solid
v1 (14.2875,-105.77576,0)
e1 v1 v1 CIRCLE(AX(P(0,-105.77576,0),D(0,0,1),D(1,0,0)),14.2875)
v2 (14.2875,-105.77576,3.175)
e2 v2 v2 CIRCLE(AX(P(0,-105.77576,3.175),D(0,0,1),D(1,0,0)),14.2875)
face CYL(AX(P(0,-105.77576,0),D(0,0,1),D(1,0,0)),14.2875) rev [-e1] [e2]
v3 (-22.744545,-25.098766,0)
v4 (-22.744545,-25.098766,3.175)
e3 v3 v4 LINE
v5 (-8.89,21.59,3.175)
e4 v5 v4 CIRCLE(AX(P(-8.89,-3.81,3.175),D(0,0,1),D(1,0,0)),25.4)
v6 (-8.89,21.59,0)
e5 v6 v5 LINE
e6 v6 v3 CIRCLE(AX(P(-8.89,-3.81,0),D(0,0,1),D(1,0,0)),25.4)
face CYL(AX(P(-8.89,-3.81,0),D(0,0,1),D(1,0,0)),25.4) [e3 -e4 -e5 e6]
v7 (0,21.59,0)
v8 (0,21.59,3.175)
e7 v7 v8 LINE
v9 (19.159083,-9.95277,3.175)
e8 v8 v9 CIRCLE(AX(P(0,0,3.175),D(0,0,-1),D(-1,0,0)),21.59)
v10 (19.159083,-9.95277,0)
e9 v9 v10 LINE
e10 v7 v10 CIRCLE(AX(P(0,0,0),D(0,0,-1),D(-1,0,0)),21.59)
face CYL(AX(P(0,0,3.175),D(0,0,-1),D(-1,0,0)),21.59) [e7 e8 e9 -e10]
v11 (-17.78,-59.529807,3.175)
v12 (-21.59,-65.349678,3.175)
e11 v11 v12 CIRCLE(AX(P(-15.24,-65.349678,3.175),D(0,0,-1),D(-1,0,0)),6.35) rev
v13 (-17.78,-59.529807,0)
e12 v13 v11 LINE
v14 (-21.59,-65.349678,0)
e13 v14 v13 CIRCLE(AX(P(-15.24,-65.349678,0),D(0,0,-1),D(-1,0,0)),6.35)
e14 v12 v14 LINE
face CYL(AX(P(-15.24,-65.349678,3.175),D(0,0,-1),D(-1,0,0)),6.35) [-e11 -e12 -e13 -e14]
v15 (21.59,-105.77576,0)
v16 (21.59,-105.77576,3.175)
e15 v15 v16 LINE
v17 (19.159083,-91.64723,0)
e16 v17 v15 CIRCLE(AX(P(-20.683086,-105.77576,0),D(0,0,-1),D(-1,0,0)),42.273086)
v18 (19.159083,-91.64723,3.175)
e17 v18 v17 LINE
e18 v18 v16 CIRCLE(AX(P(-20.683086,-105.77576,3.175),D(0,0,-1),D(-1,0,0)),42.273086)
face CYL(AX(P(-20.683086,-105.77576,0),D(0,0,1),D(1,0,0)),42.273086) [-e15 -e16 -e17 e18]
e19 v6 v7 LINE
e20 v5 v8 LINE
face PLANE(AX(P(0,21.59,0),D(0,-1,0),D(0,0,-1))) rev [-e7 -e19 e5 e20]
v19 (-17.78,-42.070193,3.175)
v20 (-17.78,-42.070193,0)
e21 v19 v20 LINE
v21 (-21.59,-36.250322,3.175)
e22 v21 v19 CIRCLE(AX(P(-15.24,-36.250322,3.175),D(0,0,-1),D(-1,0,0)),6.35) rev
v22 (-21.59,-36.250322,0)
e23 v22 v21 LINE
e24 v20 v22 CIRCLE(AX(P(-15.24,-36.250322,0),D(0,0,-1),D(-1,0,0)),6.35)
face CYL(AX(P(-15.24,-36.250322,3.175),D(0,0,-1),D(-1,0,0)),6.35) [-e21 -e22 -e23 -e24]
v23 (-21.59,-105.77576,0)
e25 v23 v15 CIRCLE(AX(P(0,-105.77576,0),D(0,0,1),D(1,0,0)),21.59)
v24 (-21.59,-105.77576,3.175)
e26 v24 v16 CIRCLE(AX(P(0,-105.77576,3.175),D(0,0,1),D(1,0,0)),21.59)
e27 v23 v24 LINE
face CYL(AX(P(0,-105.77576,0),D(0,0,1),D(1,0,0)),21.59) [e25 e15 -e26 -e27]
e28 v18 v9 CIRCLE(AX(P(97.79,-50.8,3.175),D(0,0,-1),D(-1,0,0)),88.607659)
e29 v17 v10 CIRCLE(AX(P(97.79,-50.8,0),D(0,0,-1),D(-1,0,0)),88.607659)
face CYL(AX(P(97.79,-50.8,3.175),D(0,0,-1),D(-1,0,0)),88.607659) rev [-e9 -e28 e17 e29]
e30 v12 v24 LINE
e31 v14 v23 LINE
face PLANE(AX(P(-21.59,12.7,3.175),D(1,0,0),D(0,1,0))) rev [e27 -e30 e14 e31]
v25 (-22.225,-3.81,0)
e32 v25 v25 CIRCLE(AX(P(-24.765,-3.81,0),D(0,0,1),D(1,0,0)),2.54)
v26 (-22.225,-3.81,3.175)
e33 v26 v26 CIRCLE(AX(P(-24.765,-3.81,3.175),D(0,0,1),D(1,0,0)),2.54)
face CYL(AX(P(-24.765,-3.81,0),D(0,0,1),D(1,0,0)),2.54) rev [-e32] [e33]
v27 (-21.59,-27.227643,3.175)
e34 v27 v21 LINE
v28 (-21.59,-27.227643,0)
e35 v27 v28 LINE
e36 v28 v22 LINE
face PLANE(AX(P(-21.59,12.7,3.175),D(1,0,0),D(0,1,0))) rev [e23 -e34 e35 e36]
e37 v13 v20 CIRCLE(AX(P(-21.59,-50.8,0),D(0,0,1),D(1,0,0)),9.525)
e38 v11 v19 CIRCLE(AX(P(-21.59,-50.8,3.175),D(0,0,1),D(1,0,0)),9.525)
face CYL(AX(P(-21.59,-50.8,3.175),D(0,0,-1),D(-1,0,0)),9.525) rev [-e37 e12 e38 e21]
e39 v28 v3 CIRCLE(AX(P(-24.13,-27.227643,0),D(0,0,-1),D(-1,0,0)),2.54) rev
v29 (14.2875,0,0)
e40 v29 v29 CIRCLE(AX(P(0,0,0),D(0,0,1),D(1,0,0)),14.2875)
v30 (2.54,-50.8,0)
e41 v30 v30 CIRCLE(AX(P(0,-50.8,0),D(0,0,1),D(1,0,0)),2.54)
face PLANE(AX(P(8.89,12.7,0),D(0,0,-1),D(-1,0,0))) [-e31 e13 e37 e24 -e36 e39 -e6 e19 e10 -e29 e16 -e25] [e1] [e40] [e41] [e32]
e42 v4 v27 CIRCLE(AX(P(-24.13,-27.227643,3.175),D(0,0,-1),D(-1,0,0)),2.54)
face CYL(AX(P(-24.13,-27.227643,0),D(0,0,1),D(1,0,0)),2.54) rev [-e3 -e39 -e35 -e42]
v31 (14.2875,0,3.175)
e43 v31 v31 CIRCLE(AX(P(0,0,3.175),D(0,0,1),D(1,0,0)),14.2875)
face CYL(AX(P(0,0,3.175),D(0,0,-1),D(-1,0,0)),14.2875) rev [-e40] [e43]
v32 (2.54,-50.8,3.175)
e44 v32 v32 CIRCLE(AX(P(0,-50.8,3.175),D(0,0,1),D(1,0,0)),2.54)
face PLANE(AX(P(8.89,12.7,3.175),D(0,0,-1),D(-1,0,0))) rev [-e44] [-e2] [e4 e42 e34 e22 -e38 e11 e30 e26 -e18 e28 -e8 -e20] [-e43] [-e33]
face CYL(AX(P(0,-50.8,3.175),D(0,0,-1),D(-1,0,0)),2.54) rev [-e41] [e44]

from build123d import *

# Parameters (mm, degrees)
SKETCH1_R            = 14.2875
SKETCH1_R_2          = 2.54
BOSS_EXTRUDE1_DEPTH  = 3.175
CUT_EXTRUDE1_DEPTH   = 162.674043733
FILLET3_R            = 6.35
BOSS_EXTRUDE3_START  = -3.175
SKETCH3_R            = 2.54
BOSS_EXTRUDE3_DEPTH  = 3.175
SKETCH6_R            = 2.54
BOSS_EXTRUDE4_DEPTH  = 3.175
FILLET2_R            = 6.35
CUT_EXTRUDE2_DEPTH   = 168.423732074
CUT_EXTRUDE3_DEPTH   = 168.423732074
CUT_EXTRUDE4_DEPTH   = 168.265702461
BOSS_EXTRUDE8_START  = -3.175
SKETCH15_R           = 2.54
BOSS_EXTRUDE8_DEPTH  = 3.175
FILLET4_R            = 2.54
BOSS_EXTRUDE9_DEPTH  = 3.175
SKETCH17_R           = 14.2875
BOSS_EXTRUDE10_DEPTH = 3.175
CUT_EXTRUDE5_DEPTH   = 132.939082706
SKETCH20_R           = 14.2875
CUT_EXTRUDE6_DEPTH   = 132.939082706


with BuildPart() as part:
    # Sketch1 → Boss-Extrude1 (new body)
    with BuildSketch(Plane.XY):
        with BuildLine():
            Line((-8.89, 25.4), (8.89, 25.4))
            ThreePointArc((8.89, 25.4), (17.870256121, 21.680256121), (21.59, 12.7))
            Line((21.59, 12.7), (21.59, -117.775079775))
            ThreePointArc((21.59, -117.775079775), (21.127743647, -120.388718212), (19.797058824, -122.685251408))
            Line((19.797058824, -122.685251408), (-7.952696208, -155.616779465))
            ThreePointArc((-7.952696208, -155.616779465), (-12.268297602, -157.851943494), (-16.900388255, -156.380852124))
            Line((-16.900388255, -156.380852124), (-32.439211784, -143.287061102))
            ThreePointArc((-32.439211784, -143.287061102), (-34.674375812, -138.971459708), (-33.203284443, -134.339369055))
            Line((-33.203284443, -134.339369055), (-23.382941176, -122.685251408))
            ThreePointArc((-23.382941176, -122.685251408), (-22.052256353, -120.388718212), (-21.59, -117.775079775))
            Line((-21.59, -117.775079775), (-21.59, 12.7))
            ThreePointArc((-21.59, 12.7), (-17.870256121, 21.680256121), (-8.89, 25.4))
        make_face()
        Circle(SKETCH1_R, mode=Mode.SUBTRACT)
        with Locations((0, -101.6)):
            Circle(SKETCH1_R, mode=Mode.SUBTRACT)
        with Locations((-18.532085478, -142.550133084)):
            Circle(SKETCH1_R_2, mode=Mode.SUBTRACT)
        with Locations((0, -50.8)):
            Circle(SKETCH1_R_2, mode=Mode.SUBTRACT)
    extrude(amount=BOSS_EXTRUDE1_DEPTH)

    # Sketch2 → Cut-Extrude1 (cut, through all)
    with BuildSketch(Plane.XY):
        with BuildLine():
            ThreePointArc((19.159083004, -91.647229609), (9.182340769, -50.8), (19.159083004, -9.952770391))
            ThreePointArc((19.159083004, -9.952770391), (20.973467787, -5.122670102), (21.59, 0))
            Line((21.59, 0), (27.94, 0))
            Line((27.94, 0), (27.94, -121.656687185))
            Line((27.94, -121.656687185), (-7.789552878, -164.05809836))
            Line((-7.789552878, -164.05809836), (-17.501317584, -155.874478972))
            Line((-17.501317584, -155.874478972), (16.51, -115.512152961))
            ThreePointArc((16.51, -115.512152961), (20.280273667, -109.005308906), (21.59, -101.6))
            ThreePointArc((21.59, -101.6), (20.973467787, -96.477329898), (19.159083004, -91.647229609))
        make_face()
        with BuildLine():
            Line((-21.59, -41.275), (-21.59, -60.325))
            ThreePointArc((-21.59, -60.325), (-12.065, -50.8), (-21.59, -41.275))
        make_face()
    extrude(amount=CUT_EXTRUDE1_DEPTH, mode=Mode.SUBTRACT)

    # Fillet3
    fillet3_edges = [part.edges().sort_by_distance(p)[0] for p in [
        (-21.59, -41.275, 1.5875),
        (-21.59, -60.325, 1.5875),
    ]]
    fillet(fillet3_edges, radius=FILLET3_R)

    # Sketch3 → Boss-Extrude3 (add)
    with BuildSketch(Plane.XY.offset(3.175).offset(BOSS_EXTRUDE3_START)):
        with BuildLine():
            Line((-27.351416194, -127.394768527), (-36.025496499, -137.688579))
            ThreePointArc((-36.025496499, -137.688579), (-37.217489152, -141.441859142), (-35.4063854, -144.93869507))
            Line((-35.4063854, -144.93869507), (-24.403104784, -154.210610454))
            ThreePointArc((-24.403104784, -154.210610454), (-19.771014132, -155.681701823), (-15.455412737, -153.446537795))
            Line((-15.455412737, -153.446537795), (-7.557639641, -144.073996091))
            Line((-7.557639641, -144.073996091), (-27.351416194, -127.394768527))
        make_face()
        with Locations((-18.532085478, -142.550133084)):
            Circle(SKETCH3_R, mode=Mode.SUBTRACT)
    extrude(amount=BOSS_EXTRUDE3_DEPTH)

    # Sketch6 → Boss-Extrude4 (add)
    with BuildSketch(Plane.XY.offset(3.175)):
        Polygon((-35.4063854, -144.93869507), (-63.620410749, -121.164144113), (-51.344981666, -106.596497054), (-27.065569901, -127.055545526), align=None)
        with Locations((-52.626813855, -117.972130278)):
            Circle(SKETCH6_R, mode=Mode.SUBTRACT)
    extrude(amount=-BOSS_EXTRUDE4_DEPTH)

    # Fillet2
    fillet2_edges = [part.edges().sort_by_distance(p)[0] for p in [
        (-63.620410749, -121.164144113, 1.5875),
        (-51.344981666, -106.596497054, 1.5875),
        (-27.065569901, -127.055545526, 1.5875),
    ]]
    fillet(fillet2_edges, radius=FILLET2_R)

    # Sketch7 → Cut-Extrude2 (cut, through all)
    with BuildSketch(Plane.XY.offset(3.175)):
        with BuildLine():
            Line((-21.59, 0), (-21.59, 31.75))
            Line((-21.59, 31.75), (21.59, 31.75))
            Line((21.59, 31.75), (21.59, 0))
            ThreePointArc((21.59, 0), (0, 21.59), (-21.59, 0))
        make_face()
    extrude(amount=-CUT_EXTRUDE2_DEPTH, mode=Mode.SUBTRACT)

    # Sketch10 → Cut-Extrude3 (cut, through all)
    with BuildSketch(Plane.XY.offset(3.175)):
        with BuildLine():
            Line((-18.151882461, -155.32628042), (-17.361482582, -157.512020269))
            Line((-17.361482582, -157.512020269), (-14.375706423, -156.432313955))
            Line((-14.375706423, -156.432313955), (-15.455412737, -153.446537795))
            ThreePointArc((-15.455412737, -153.446537795), (-16.679911193, -154.563907595), (-18.151882461, -155.32628042))
        make_face()
    extrude(amount=-CUT_EXTRUDE3_DEPTH, mode=Mode.SUBTRACT)

    # Sketch12 → Cut-Extrude4 (cut, through all)
    with BuildSketch(Plane.XY.offset(3.175)):
        with BuildLine():
            Line((-21.59, -101.6), (-72.39, -101.6))
            Line((-72.39, -101.6), (-72.39, -165.1))
            Line((-72.39, -165.1), (16.51, -165.1))
            Line((16.51, -165.1), (16.51, -115.512152961))
            ThreePointArc((16.51, -115.512152961), (-7.405308906, -121.880273667), (-21.59, -101.6))
        make_face()
    extrude(amount=-CUT_EXTRUDE4_DEPTH, mode=Mode.SUBTRACT)

    # Sketch15 → Boss-Extrude8 (add)
    with BuildSketch(Plane.XY.offset(3.175).offset(BOSS_EXTRUDE8_START)):
        with BuildLine():
            ThreePointArc((-34.29, -3.81), (-30.887045256, -16.51), (-21.59, -25.807045256))
            Line((-21.59, -25.807045256), (-21.59, 0))
            ThreePointArc((-21.59, 0), (-15.266435406, 15.266435406), (0, 21.59))
            Line((0, 21.59), (-8.89, 21.59))
            ThreePointArc((-8.89, 21.59), (-26.850512242, 14.150512242), (-34.29, -3.81))
        make_face()
        with Locations((-24.765, -3.81)):
            Circle(SKETCH15_R, mode=Mode.SUBTRACT)
    extrude(amount=BOSS_EXTRUDE8_DEPTH)

    # Fillet4
    fillet4_edges = [part.edges().sort_by_distance(p)[0] for p in [
        (-21.59, -25.807045256, 1.5875),
    ]]
    fillet(fillet4_edges, radius=FILLET4_R)

    # Sketch16 → Boss-Extrude9 (add, through all)
    with BuildSketch(Plane.XY.offset(3.175)):
        with BuildLine():
            Line((-21.59, -101.6), (-21.59, -105.77576))
            ThreePointArc((-21.59, -105.77576), (0, -127.36576), (21.59, -105.77576))
            Line((21.59, -105.77576), (21.59, -101.6))
            Line((21.59, -101.6), (4.517920132, -121.700477095))
            Line((4.517920132, -121.700477095), (-1.489522905, -121.700477095))
            Line((-1.489522905, -121.700477095), (-21.59, -101.6))
        make_face()
    extrude(amount=-BOSS_EXTRUDE9_DEPTH)

    # Sketch17 → Boss-Extrude10 (add, through all)
    with BuildSketch(Plane.XY.offset(3.175)):
        with Locations((0, -101.6)):
            Circle(SKETCH17_R)
    extrude(amount=-BOSS_EXTRUDE10_DEPTH)

    # Sketch19 → Cut-Extrude5 (cut, through all)
    with BuildSketch(Plane.XY.offset(3.175)):
        with BuildLine():
            Line((19.159083004, -91.647229609), (21.59, -91.647229609))
            Line((21.59, -91.647229609), (21.59, -105.77576))
            ThreePointArc((21.59, -105.77576), (20.977838358, -98.607693167), (19.159083004, -91.647229609))
        make_face()
    extrude(amount=-CUT_EXTRUDE5_DEPTH, mode=Mode.SUBTRACT)

    # Sketch20 → Cut-Extrude6 (cut, through all)
    with BuildSketch(Plane.XY.offset(3.175)):
        with Locations((0, -105.77576)):
            Circle(SKETCH20_R)
    extrude(amount=-CUT_EXTRUDE6_DEPTH, mode=Mode.SUBTRACT)


solid = part.part
